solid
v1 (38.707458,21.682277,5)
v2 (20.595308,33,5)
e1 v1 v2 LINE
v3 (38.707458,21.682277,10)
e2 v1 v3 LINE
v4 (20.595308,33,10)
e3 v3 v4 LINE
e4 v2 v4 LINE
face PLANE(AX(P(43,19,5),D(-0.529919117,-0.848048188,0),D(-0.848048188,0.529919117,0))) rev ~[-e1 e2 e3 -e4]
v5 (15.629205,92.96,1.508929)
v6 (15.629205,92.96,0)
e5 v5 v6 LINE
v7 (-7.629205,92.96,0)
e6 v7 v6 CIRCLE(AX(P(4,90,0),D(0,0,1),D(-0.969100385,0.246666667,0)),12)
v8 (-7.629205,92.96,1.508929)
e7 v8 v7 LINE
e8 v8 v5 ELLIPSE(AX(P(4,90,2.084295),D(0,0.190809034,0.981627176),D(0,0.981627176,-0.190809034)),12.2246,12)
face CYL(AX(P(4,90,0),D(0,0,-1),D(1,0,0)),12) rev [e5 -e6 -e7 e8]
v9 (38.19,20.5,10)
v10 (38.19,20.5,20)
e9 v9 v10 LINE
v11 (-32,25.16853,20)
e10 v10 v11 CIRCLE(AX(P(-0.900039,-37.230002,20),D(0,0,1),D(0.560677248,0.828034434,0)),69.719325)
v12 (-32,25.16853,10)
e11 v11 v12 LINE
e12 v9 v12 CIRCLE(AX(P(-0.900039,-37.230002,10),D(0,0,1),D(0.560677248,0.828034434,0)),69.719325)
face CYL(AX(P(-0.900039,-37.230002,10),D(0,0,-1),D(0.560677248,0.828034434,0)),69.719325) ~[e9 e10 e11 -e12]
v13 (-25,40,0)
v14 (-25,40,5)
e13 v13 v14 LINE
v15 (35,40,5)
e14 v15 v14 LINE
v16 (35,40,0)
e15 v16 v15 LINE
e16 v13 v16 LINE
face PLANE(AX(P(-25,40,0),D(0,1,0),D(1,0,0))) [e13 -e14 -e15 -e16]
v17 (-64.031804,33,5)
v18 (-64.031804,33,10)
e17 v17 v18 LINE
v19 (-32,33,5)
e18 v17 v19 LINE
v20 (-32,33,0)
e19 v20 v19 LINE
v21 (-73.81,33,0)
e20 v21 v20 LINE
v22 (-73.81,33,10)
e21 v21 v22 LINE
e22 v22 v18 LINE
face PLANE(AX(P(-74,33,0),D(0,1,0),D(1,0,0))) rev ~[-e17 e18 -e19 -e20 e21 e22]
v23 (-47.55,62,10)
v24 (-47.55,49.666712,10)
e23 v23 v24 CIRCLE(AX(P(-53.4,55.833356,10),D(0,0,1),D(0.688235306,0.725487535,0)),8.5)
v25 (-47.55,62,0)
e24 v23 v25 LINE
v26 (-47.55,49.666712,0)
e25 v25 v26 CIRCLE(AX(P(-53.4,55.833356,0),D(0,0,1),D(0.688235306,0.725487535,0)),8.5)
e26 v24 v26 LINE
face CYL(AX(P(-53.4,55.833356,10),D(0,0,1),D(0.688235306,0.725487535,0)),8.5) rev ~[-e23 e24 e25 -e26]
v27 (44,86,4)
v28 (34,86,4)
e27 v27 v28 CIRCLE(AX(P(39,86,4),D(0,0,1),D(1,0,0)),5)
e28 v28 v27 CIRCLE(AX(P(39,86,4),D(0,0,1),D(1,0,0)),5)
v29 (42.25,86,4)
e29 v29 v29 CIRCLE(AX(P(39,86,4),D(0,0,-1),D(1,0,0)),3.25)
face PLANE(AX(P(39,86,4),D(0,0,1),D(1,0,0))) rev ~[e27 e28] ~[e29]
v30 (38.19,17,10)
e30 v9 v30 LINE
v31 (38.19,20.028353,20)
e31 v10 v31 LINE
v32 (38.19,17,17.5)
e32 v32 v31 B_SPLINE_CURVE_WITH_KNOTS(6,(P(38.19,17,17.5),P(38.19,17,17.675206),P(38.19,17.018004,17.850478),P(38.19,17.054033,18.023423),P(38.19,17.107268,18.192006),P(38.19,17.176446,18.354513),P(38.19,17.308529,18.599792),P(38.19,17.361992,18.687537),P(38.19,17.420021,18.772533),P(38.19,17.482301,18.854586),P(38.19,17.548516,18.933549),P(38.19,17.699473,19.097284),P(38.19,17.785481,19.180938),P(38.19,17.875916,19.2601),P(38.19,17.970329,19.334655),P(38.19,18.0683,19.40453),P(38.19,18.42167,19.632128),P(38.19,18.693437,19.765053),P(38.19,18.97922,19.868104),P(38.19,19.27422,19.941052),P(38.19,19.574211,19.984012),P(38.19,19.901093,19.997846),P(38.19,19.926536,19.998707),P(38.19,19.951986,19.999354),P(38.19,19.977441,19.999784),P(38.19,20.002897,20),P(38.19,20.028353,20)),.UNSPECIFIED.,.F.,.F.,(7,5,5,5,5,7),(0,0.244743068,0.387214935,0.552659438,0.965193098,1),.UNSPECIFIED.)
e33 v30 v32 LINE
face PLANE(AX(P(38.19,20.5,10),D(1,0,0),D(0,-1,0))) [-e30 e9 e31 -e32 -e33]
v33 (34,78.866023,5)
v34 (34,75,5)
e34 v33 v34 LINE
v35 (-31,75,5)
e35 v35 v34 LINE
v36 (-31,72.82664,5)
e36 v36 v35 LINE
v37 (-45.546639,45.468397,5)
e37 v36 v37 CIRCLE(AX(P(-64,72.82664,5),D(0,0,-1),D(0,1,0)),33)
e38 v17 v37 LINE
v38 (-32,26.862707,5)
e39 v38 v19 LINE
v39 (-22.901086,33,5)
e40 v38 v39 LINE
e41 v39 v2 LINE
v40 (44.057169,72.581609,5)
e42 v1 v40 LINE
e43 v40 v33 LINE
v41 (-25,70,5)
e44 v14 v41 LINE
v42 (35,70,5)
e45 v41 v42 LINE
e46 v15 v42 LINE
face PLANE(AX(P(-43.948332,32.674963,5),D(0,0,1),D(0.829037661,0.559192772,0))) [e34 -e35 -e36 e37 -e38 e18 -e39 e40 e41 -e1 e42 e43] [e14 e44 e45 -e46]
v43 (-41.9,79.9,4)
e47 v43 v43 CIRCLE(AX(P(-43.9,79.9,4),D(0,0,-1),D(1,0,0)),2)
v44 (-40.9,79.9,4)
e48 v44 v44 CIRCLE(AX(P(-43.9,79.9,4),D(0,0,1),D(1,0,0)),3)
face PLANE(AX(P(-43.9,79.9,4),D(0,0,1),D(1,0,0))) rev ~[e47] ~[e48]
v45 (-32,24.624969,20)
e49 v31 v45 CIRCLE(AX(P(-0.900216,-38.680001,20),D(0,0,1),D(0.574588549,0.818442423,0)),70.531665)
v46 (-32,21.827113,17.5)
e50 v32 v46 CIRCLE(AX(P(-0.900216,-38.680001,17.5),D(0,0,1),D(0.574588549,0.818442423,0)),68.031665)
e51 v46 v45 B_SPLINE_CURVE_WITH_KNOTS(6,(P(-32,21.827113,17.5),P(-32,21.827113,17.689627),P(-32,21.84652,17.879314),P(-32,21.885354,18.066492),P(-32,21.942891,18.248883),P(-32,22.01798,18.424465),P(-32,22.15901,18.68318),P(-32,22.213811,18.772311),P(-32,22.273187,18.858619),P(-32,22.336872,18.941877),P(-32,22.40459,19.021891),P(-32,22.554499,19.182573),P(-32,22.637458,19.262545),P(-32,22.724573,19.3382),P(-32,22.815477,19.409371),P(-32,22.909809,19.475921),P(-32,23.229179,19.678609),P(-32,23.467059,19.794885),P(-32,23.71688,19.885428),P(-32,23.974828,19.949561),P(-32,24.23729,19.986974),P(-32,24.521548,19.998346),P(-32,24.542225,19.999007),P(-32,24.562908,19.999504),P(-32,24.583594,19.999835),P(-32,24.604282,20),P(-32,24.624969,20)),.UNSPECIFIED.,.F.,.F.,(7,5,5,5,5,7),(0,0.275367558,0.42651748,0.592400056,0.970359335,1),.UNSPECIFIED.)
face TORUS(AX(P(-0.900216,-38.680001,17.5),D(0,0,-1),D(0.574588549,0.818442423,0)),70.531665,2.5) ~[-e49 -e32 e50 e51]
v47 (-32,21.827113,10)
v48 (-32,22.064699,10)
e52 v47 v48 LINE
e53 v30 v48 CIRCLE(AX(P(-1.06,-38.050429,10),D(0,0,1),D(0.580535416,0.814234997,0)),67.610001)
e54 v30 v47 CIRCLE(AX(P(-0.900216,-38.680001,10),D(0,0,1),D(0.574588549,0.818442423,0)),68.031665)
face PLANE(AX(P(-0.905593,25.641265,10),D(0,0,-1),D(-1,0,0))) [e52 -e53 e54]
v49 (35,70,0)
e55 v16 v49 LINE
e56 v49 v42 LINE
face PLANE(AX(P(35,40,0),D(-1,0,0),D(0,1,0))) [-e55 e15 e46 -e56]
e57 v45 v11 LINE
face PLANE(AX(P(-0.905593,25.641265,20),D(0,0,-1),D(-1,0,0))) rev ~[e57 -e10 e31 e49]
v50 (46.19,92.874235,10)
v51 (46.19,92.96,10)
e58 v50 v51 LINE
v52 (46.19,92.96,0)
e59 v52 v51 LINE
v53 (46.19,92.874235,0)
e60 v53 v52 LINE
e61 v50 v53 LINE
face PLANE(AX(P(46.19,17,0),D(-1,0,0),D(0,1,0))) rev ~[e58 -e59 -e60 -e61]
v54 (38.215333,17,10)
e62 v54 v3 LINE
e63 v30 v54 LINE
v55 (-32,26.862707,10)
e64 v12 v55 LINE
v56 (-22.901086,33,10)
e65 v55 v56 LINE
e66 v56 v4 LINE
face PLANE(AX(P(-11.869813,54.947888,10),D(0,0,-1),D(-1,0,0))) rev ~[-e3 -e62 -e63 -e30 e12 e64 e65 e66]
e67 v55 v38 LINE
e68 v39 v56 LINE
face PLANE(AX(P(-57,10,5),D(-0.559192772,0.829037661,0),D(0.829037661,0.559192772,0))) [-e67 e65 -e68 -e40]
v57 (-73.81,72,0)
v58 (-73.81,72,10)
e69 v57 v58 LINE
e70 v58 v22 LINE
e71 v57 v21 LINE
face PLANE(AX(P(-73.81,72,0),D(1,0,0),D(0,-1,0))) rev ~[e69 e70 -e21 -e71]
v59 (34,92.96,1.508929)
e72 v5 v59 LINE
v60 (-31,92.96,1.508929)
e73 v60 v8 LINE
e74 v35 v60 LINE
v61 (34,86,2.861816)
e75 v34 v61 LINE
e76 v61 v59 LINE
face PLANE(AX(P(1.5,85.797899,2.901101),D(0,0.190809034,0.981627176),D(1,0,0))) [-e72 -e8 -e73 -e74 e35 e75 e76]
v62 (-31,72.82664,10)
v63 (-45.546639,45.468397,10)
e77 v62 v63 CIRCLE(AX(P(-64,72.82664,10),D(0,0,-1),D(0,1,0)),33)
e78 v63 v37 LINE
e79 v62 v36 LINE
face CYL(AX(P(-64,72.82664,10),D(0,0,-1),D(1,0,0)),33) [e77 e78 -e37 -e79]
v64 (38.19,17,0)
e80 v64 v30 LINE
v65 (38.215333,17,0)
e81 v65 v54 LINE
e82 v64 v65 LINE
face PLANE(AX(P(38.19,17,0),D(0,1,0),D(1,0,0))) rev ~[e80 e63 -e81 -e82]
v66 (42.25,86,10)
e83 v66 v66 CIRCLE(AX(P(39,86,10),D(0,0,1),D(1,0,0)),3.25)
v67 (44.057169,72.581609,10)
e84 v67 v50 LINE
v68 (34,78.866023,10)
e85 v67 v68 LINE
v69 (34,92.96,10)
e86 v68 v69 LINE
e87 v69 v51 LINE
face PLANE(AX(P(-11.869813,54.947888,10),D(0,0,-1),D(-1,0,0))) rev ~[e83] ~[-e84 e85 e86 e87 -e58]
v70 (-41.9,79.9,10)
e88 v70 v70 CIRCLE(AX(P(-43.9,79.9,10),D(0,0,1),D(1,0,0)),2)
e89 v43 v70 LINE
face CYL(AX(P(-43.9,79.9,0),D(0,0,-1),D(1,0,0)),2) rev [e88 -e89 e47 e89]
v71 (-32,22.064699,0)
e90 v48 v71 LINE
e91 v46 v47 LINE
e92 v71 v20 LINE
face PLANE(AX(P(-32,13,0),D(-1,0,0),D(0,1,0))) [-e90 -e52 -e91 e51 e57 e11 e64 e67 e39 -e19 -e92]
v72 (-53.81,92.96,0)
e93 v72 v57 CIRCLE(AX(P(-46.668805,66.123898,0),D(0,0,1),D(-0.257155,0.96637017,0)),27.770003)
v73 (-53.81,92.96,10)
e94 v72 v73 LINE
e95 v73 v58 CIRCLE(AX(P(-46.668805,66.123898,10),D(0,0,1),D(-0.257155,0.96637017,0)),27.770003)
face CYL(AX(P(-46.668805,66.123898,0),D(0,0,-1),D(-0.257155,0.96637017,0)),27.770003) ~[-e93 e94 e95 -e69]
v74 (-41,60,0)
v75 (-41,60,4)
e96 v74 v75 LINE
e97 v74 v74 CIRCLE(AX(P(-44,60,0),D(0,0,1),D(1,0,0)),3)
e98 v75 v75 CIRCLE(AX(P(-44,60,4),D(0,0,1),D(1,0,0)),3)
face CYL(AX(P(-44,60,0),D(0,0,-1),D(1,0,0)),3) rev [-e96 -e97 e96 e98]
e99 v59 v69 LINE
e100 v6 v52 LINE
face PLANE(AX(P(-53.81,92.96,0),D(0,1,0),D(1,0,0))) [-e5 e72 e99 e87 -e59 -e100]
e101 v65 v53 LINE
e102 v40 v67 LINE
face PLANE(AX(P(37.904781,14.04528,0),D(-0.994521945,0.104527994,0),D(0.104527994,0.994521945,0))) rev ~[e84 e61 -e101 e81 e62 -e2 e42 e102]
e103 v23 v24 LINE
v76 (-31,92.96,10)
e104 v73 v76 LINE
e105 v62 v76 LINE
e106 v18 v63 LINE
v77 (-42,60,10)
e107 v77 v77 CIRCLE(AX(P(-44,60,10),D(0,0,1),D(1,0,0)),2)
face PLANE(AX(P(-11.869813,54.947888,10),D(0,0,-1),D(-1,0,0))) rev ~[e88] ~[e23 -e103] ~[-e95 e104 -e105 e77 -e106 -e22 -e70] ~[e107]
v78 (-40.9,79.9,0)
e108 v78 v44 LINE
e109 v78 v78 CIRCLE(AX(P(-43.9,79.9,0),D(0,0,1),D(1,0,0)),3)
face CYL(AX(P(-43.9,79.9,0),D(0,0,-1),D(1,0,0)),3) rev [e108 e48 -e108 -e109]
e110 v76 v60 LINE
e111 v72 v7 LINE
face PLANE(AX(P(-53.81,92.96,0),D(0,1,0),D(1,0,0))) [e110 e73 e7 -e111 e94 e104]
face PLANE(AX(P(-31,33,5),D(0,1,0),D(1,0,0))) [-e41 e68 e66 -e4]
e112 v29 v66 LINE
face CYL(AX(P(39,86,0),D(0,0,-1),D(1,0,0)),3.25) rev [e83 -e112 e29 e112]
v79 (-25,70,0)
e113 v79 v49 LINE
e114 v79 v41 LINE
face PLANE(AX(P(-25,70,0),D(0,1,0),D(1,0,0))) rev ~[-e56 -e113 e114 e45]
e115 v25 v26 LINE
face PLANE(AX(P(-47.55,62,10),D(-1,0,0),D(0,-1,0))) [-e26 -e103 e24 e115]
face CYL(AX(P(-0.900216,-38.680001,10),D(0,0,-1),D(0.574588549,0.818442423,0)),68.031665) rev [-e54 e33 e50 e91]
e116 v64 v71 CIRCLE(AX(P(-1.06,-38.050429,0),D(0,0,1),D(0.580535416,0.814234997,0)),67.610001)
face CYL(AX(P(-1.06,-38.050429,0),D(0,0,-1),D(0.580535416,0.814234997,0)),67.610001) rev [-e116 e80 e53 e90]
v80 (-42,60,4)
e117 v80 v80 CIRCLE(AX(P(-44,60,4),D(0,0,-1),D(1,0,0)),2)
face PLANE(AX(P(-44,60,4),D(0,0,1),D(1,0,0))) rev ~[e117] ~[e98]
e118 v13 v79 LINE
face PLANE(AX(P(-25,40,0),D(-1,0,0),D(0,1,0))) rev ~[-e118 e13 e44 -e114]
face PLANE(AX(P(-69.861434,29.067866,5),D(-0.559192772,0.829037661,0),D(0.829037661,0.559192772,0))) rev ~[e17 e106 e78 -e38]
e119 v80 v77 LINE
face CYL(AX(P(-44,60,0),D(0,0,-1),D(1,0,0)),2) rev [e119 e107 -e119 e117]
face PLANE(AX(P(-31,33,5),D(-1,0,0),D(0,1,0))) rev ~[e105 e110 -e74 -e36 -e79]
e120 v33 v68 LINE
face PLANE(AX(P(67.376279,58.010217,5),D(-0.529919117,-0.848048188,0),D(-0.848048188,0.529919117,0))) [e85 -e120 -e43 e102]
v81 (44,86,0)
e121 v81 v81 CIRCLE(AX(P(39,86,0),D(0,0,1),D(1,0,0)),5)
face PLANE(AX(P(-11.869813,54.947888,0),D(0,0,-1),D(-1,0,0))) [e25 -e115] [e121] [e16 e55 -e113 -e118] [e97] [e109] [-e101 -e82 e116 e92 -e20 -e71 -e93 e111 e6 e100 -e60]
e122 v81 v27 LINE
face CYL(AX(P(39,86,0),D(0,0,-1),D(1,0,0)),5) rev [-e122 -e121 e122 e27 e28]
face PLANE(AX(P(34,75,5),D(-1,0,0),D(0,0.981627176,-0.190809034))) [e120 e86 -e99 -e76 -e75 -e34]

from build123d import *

# Parameters (mm, degrees)
PAD002_DEPTH      = 10
PAD003_DEPTH      = 10
FILLET_R          = 2.5
BOX013_W          = 42
BOX013_H          = 20
BOX013_DEPTH      = 20
CYLINDER009_R     = 12
CYLINDER009_DEPTH = 10
CYLINDER010_R     = 5
CYLINDER010_DEPTH = 4
CYLINDER011_R     = 3.25
CYLINDER011_DEPTH = 10
CYLINDER012_R     = 2
CYLINDER012_DEPTH = 10
CYLINDER013_R     = 2
CYLINDER013_DEPTH = 10
CYLINDER014_R     = 3
CYLINDER014_DEPTH = 4
CYLINDER015_R     = 3
CYLINDER015_DEPTH = 4
BOX014_W          = 83
BOX014_H          = 10
BOX014_DEPTH      = 10
BOX015_W          = 60
BOX015_H          = 30
BOX015_DEPTH      = 10
BOX016_W          = 65
BOX016_H          = 62
BOX016_DEPTH      = 10
BOX017_W          = 47
BOX017_H          = 23
BOX017_DEPTH      = 5
BOX018_W          = 46
BOX018_H          = 40
BOX018_DEPTH      = 5
BOX019_W          = 65
BOX019_H          = 22
BOX019_DEPTH      = 10
FILLET001_R       = 33
POCKET_DEPTH      = 10


with BuildPart() as part:
    # Sketch012 → Pad002 (new body)
    with BuildSketch(Plane.XY):
        with BuildLine():
            Line((-53.81, 92.96), (46.19, 92.96))
            Line((46.19, 17), (46.19, 92.96))
            Line((38.19, 17), (46.19, 17))
            ThreePointArc((38.19, 17), (-1.06, 29.559572), (-40.31, 17))
            Line((-73.81, 17), (-40.31, 17))
            Line((-73.81, 72), (-73.81, 17))
            ThreePointArc((-53.81, 92.96), (-66.759872, 85.294763), (-73.81, 72))
        make_face()
    extrude(amount=PAD002_DEPTH)

    # Sketch013 (on Face9 of Pad002) → Pad003 (join)
    with BuildSketch(Plane.XY.offset(10)):
        with BuildLine():
            ThreePointArc((38.19, 17), (-0.906062, 29.351664), (-40, 16.993281))
            Line((-40, 20.493281), (-40, 16.993281))
            ThreePointArc((38.19, 20.5), (-0.906031, 32.489323), (-40, 20.493281))
            Line((38.19, 20.5), (38.19, 17))
        make_face()
    extrude(amount=PAD003_DEPTH)

    # Fillet
    fillet_edges = [part.edges().sort_by_distance(p)[0] for p in [
        (-0.906062, 29.351664, 20),
    ]]
    fillet(fillet_edges, radius=FILLET_R)

    # Box013 → Box013 (cut)
    with BuildSketch(Plane(origin=(-74, 13, 0), x_dir=(1, 0, 0), z_dir=(0, 0, 1))):
        with Locations((21, 10)):
            Rectangle(BOX013_W, BOX013_H)
    extrude(amount=BOX013_DEPTH, mode=Mode.SUBTRACT)

    # Cylinder009 → Cylinder009 (cut)
    with BuildSketch(Plane(origin=(4, 90, 0), x_dir=(1, 0, 0), z_dir=(0, 0, 1))):
        Circle(CYLINDER009_R)
    extrude(amount=CYLINDER009_DEPTH, mode=Mode.SUBTRACT)

    # Cylinder010 → Cylinder010 (cut)
    with BuildSketch(Plane(origin=(39, 86, 0), x_dir=(1, 0, 0), z_dir=(0, 0, 1))):
        Circle(CYLINDER010_R)
    extrude(amount=CYLINDER010_DEPTH, mode=Mode.SUBTRACT)

    # Cylinder011 → Cylinder011 (cut)
    with BuildSketch(Plane(origin=(39, 86, 0), x_dir=(1, 0, 0), z_dir=(0, 0, 1))):
        Circle(CYLINDER011_R)
    extrude(amount=CYLINDER011_DEPTH, mode=Mode.SUBTRACT)

    # Cylinder012 → Cylinder012 (cut)
    with BuildSketch(Plane(origin=(-43.9, 79.9, 0), x_dir=(1, 0, 0), z_dir=(0, 0, 1))):
        Circle(CYLINDER012_R)
    extrude(amount=CYLINDER012_DEPTH, mode=Mode.SUBTRACT)

    # Cylinder013 → Cylinder013 (cut)
    with BuildSketch(Plane(origin=(-44, 60, 0), x_dir=(1, 0, 0), z_dir=(0, 0, 1))):
        Circle(CYLINDER013_R)
    extrude(amount=CYLINDER013_DEPTH, mode=Mode.SUBTRACT)

    # Cylinder014 → Cylinder014 (cut)
    with BuildSketch(Plane(origin=(-43.9, 79.9, 0), x_dir=(1, 0, 0), z_dir=(0, 0, 1))):
        Circle(CYLINDER014_R)
    extrude(amount=CYLINDER014_DEPTH, mode=Mode.SUBTRACT)

    # Cylinder015 → Cylinder015 (cut)
    with BuildSketch(Plane(origin=(-44, 60, 0), x_dir=(1, 0, 0), z_dir=(0, 0, 1))):
        Circle(CYLINDER015_R)
    extrude(amount=CYLINDER015_DEPTH, mode=Mode.SUBTRACT)

    # Box014 → Box014 (cut)
    with BuildSketch(Plane(origin=(47.85, 13, 0), x_dir=(0.104528, 0.994522, 0), z_dir=(0, 0, 1))):
        with Locations((41.5, 5)):
            Rectangle(BOX014_W, BOX014_H)
    extrude(amount=BOX014_DEPTH, mode=Mode.SUBTRACT)

    # Box015 → Box015 (cut)
    with BuildSketch(Plane(origin=(-25, 40, 0), x_dir=(1, 0, 0), z_dir=(0, 0, 1))):
        with Locations((30, 15)):
            Rectangle(BOX015_W, BOX015_H)
    extrude(amount=BOX015_DEPTH, mode=Mode.SUBTRACT)

    # Box016 → Box016 (cut)
    with BuildSketch(Plane(origin=(-31, 33, 5), x_dir=(1, 0, 0), z_dir=(0, 0, 1))):
        with Locations((32.5, 31)):
            Rectangle(BOX016_W, BOX016_H)
    extrude(amount=BOX016_DEPTH, mode=Mode.SUBTRACT)

    # Box017 → Box017 (cut)
    with BuildSketch(Plane(origin=(-57, 10, 5), x_dir=(0.829038, 0.559193, 0), z_dir=(0, 0, 1))):
        with Locations((23.5, 11.5)):
            Rectangle(BOX017_W, BOX017_H)
    extrude(amount=BOX017_DEPTH, mode=Mode.SUBTRACT)

    # Box018 → Box018 (cut)
    with BuildSketch(Plane(origin=(43, 19, 5), x_dir=(0.529919, 0.848048, 0), z_dir=(0, 0, 1))):
        with Locations((23, 20)):
            Rectangle(BOX018_W, BOX018_H)
    extrude(amount=BOX018_DEPTH, mode=Mode.SUBTRACT)

    # Box019 → Box019 (cut)
    with BuildSketch(Plane(origin=(-31, 75, 5), x_dir=(1, 0, 0), z_dir=(0, 0.190809, 0.981627))):
        with Locations((32.5, 11)):
            Rectangle(BOX019_W, BOX019_H)
    extrude(amount=BOX019_DEPTH, mode=Mode.SUBTRACT)

    # Fillet001
    fillet001_edges = [part.edges().sort_by_distance(p)[0] for p in [
        (-31, 55.280234, 7.5),
    ]]
    fillet(fillet001_edges, radius=FILLET001_R)

    # Sketch015 (on Face8 of Fillet001) → Pocket (cut)
    with BuildSketch(Plane(origin=(-31, 75, 10), x_dir=(1, 0, 0), z_dir=(0, 0, 1))):
        with BuildLine():
            ThreePointArc((-16.55, -13), (-30.9, -19.166644), (-16.55, -25.333288))
            Line((-16.55, -13), (-16.55, -25.333288))
        make_face()
    extrude(amount=-POCKET_DEPTH, mode=Mode.SUBTRACT)


solid = part.part
